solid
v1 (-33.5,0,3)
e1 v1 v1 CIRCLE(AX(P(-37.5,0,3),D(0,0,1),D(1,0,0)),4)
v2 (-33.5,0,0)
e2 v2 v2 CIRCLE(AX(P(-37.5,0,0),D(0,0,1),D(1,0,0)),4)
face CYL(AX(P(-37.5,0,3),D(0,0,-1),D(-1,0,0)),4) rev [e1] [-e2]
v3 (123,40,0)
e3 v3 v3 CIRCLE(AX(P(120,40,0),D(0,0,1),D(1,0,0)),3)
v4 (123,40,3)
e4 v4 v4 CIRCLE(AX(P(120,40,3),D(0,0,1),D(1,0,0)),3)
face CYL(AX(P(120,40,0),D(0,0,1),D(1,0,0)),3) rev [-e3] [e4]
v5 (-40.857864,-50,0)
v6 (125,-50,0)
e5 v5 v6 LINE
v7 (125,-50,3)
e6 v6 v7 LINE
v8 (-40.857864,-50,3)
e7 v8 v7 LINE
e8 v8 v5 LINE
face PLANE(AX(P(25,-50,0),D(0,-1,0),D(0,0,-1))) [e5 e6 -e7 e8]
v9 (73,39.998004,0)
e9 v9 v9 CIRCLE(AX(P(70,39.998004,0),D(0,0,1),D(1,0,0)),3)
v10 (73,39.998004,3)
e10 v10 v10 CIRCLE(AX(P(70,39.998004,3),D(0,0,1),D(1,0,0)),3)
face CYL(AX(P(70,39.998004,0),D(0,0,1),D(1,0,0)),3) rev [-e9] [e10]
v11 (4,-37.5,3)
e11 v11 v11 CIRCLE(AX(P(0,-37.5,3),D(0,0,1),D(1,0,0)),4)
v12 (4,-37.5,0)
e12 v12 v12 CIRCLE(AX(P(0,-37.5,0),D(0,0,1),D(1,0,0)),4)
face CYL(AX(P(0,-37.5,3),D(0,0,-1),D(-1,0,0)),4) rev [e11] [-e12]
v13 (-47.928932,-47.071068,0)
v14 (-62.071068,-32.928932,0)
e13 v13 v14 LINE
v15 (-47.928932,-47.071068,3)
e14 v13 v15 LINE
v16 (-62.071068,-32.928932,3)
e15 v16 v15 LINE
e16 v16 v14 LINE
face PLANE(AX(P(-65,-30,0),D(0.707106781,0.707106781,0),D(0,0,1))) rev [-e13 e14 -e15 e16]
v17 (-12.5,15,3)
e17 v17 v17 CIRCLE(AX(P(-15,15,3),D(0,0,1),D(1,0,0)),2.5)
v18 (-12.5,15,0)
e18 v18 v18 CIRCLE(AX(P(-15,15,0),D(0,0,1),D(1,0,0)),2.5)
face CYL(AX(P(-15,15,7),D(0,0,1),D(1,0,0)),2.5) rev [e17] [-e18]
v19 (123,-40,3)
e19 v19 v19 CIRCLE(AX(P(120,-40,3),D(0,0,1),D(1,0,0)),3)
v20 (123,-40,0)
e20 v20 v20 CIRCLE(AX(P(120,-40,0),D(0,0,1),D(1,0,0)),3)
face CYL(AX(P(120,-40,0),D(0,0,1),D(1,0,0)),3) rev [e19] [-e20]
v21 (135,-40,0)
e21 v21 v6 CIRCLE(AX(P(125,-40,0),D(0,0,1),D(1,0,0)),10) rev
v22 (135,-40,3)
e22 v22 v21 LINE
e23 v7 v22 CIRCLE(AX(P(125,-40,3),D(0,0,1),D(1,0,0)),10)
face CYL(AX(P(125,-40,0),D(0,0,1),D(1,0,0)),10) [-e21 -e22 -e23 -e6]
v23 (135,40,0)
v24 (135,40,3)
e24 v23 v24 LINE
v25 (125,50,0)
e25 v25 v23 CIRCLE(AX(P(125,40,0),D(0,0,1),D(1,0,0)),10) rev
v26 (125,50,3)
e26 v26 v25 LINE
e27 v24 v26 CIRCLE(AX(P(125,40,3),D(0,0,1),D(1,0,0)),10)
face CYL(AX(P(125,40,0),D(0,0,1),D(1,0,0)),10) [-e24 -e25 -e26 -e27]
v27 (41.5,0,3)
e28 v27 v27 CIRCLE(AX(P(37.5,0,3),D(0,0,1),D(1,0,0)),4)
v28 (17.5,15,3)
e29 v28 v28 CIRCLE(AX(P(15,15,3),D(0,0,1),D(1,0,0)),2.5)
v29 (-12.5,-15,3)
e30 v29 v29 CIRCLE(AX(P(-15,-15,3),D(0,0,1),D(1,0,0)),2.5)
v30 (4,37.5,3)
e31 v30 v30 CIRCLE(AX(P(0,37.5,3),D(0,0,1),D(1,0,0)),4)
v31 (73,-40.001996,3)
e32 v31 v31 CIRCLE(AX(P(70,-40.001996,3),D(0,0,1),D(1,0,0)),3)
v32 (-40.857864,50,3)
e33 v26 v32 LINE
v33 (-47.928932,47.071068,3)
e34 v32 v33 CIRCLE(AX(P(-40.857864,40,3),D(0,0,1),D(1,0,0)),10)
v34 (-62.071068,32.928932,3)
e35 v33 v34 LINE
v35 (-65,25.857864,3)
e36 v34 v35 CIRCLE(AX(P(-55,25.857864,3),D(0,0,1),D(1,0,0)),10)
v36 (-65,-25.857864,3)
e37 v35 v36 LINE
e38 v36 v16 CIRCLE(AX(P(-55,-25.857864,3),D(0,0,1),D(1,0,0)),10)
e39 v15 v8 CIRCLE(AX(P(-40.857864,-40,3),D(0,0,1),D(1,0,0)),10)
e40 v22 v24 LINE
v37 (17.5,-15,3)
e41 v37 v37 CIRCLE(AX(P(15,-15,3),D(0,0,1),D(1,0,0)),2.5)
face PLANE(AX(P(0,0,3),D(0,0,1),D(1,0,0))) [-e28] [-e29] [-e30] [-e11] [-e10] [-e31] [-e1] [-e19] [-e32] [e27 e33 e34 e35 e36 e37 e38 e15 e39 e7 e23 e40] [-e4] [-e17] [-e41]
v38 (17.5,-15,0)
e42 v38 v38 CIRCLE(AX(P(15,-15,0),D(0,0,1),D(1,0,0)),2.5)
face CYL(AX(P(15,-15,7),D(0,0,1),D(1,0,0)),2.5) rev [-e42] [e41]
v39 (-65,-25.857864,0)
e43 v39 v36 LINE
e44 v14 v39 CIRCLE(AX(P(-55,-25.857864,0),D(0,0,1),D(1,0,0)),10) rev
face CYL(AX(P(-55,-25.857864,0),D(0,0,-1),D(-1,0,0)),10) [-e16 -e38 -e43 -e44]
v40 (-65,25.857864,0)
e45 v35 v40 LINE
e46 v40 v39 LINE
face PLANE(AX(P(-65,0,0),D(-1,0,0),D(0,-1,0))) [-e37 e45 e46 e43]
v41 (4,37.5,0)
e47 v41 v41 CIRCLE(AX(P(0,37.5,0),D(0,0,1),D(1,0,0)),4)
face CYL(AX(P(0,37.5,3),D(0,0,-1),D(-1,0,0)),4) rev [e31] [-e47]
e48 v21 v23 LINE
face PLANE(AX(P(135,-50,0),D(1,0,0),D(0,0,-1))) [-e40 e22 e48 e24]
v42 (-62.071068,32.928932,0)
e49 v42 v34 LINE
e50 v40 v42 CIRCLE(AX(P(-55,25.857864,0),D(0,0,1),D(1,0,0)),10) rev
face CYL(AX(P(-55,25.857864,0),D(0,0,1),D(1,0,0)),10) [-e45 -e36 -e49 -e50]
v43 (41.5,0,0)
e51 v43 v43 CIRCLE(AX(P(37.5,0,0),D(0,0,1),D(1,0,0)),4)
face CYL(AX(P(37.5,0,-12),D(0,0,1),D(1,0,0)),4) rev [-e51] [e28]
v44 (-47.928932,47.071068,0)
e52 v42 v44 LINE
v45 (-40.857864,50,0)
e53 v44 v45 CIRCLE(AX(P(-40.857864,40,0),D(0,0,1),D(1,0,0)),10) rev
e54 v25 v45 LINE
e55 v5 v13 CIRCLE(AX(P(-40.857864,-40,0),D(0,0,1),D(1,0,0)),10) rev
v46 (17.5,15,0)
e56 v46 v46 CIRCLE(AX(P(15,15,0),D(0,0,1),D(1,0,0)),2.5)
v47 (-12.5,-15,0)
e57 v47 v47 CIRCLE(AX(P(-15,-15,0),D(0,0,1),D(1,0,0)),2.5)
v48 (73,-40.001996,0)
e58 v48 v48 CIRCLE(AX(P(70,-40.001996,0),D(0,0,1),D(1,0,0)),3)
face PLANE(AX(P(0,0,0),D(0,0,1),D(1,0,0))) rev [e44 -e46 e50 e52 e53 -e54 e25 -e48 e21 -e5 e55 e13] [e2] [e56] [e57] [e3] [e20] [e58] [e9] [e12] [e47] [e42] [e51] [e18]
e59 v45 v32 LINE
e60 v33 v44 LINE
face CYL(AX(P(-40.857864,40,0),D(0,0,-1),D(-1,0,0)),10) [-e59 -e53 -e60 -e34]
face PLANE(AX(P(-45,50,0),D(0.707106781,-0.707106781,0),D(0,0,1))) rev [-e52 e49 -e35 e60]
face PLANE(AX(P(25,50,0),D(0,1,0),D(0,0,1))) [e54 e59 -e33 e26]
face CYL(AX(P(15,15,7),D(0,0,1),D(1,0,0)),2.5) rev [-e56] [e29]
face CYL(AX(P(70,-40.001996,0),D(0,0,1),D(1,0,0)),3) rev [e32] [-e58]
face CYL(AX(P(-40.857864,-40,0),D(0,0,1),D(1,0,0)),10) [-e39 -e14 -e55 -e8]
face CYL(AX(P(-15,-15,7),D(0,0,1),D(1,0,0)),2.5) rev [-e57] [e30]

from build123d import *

# Parameters (mm, degrees)
SKETCH1_R                = 60
SKETCH1_R_2              = 4
BOSS_EXTRUDE1_DEPTH      = 3
SKETCH2_W                = 110
SKETCH2_H                = 12
BOSS_EXTRUDE2_DEPTH      = 4
F_5_0_5_DIAMETER_HOLE1_D = 5
SKETCH5_W                = 110
SKETCH5_H                = 100
SKETCH5_R                = 3
BOSS_EXTRUDE3_DEPTH      = 3
BOSS_EXTRUDE4_START      = -3
BOSS_EXTRUDE4_DEPTH      = 3
SKETCH7_W                = 250
SKETCH7_H                = 150
SKETCH7_W_2              = 200
SKETCH7_H_2              = 100
CUT_EXTRUDE1_DEPTH       = 5
CHAMFER1_SIZE            = 20
SKETCH8_R                = 4
CUT_EXTRUDE2_DEPTH       = 15
FILLET1_R                = 10
CUT_EXTRUDE3_START       = -4
SKETCH9_W                = 110
SKETCH9_H                = 12
SKETCH9_R                = 2.5
CUT_EXTRUDE3_DEPTH       = 4


with BuildPart() as part:
    # Sketch1 → Boss-Extrude1 (new body)
    with BuildSketch(Plane.XY):
        Circle(SKETCH1_R)
        with Locations((-37.5, 0)):
            Circle(SKETCH1_R_2, mode=Mode.SUBTRACT)
        with Locations((0, -37.5)):
            Circle(SKETCH1_R_2, mode=Mode.SUBTRACT)
        with Locations((37.5, 0)):
            Circle(SKETCH1_R_2, mode=Mode.SUBTRACT)
        with Locations((0, 37.5)):
            Circle(SKETCH1_R_2, mode=Mode.SUBTRACT)
    extrude(amount=BOSS_EXTRUDE1_DEPTH)

    # Sketch2 → Boss-Extrude2 (add)
    with BuildSketch(Plane.XY.offset(3)):
        with Locations((5, 15)):
            Rectangle(SKETCH2_W, SKETCH2_H)
    extrude(amount=BOSS_EXTRUDE2_DEPTH)

    # Ø5.0 (5) Diameter Hole1 (through all)
    with Locations(Plane.XY.offset(7)):
        with Locations((-15, 15), (15, 15), (-15, -15), (15, -15)):
            Hole(F_5_0_5_DIAMETER_HOLE1_D / 2)

    # Sketch5 → Boss-Extrude3 (add)
    with BuildSketch(Plane.XY.offset(3)):
        with Locations((80, 0)):
            Rectangle(SKETCH5_W, SKETCH5_H)
        with Locations((70, 39.998003983)):
            Circle(SKETCH5_R, mode=Mode.SUBTRACT)
        with Locations((119.99999996, 40)):
            Circle(SKETCH5_R, mode=Mode.SUBTRACT)
        with Locations((119.99999996, -40)):
            Circle(SKETCH5_R, mode=Mode.SUBTRACT)
        with Locations((70, -40.001996017)):
            Circle(SKETCH5_R, mode=Mode.SUBTRACT)
    extrude(amount=-BOSS_EXTRUDE3_DEPTH)

    # Sketch6 → Boss-Extrude4 (add)
    with BuildSketch(Plane.XY.offset(3).offset(BOSS_EXTRUDE4_START)):
        with BuildLine():
            ThreePointArc((-33.166247904, -50), (-60, 0), (-33.166247904, 50))
            Line((-33.166247904, 50), (-65, 50))
            Line((-65, 50), (-65, -50))
            Line((-65, -50), (-33.166247904, -50))
        make_face()
    extrude(amount=BOSS_EXTRUDE4_DEPTH)

    # Sketch7 → Cut-Extrude1 (cut)
    with BuildSketch(Plane.XY.offset(3)):
        with Locations((35, 0)):
            Rectangle(SKETCH7_W, SKETCH7_H)
        with Locations((35, 0)):
            Rectangle(SKETCH7_W_2, SKETCH7_H_2, mode=Mode.SUBTRACT)
    extrude(amount=-CUT_EXTRUDE1_DEPTH, mode=Mode.SUBTRACT)

    # Chamfer1
    chamfer1_edges = [part.edges().sort_by_distance(p)[0] for p in [
        (-65, 50, 1.5),
        (-65, -50, 1.5),
    ]]
    chamfer(chamfer1_edges, length=CHAMFER1_SIZE)

    # Sketch8 → Cut-Extrude2 (cut)
    with BuildSketch(Plane.XY.offset(3)):
        with Locations((37.5, 0)):
            Circle(SKETCH8_R)
    extrude(amount=-CUT_EXTRUDE2_DEPTH, mode=Mode.SUBTRACT)

    # Fillet1
    fillet1_edges = [part.edges().sort_by_distance(p)[0] for p in [
        (-45, 50, 1.5),
        (-65, -30, 1.5),
        (-65, 30, 1.5),
        (-45, -50, 1.5),
        (135, -50, 1.5),
        (135, 50, 1.5),
    ]]
    fillet(fillet1_edges, radius=FILLET1_R)

    # Sketch9 → Cut-Extrude3 (cut)
    with BuildSketch(Plane.XY.offset(7).offset(CUT_EXTRUDE3_START)):
        with Locations((5, 15)):
            Rectangle(SKETCH9_W, SKETCH9_H)
        with Locations((-15, 15)):
            Circle(SKETCH9_R, mode=Mode.SUBTRACT)
        with Locations((15, 15)):
            Circle(SKETCH9_R, mode=Mode.SUBTRACT)
    extrude(amount=CUT_EXTRUDE3_DEPTH, mode=Mode.SUBTRACT)


solid = part.part
